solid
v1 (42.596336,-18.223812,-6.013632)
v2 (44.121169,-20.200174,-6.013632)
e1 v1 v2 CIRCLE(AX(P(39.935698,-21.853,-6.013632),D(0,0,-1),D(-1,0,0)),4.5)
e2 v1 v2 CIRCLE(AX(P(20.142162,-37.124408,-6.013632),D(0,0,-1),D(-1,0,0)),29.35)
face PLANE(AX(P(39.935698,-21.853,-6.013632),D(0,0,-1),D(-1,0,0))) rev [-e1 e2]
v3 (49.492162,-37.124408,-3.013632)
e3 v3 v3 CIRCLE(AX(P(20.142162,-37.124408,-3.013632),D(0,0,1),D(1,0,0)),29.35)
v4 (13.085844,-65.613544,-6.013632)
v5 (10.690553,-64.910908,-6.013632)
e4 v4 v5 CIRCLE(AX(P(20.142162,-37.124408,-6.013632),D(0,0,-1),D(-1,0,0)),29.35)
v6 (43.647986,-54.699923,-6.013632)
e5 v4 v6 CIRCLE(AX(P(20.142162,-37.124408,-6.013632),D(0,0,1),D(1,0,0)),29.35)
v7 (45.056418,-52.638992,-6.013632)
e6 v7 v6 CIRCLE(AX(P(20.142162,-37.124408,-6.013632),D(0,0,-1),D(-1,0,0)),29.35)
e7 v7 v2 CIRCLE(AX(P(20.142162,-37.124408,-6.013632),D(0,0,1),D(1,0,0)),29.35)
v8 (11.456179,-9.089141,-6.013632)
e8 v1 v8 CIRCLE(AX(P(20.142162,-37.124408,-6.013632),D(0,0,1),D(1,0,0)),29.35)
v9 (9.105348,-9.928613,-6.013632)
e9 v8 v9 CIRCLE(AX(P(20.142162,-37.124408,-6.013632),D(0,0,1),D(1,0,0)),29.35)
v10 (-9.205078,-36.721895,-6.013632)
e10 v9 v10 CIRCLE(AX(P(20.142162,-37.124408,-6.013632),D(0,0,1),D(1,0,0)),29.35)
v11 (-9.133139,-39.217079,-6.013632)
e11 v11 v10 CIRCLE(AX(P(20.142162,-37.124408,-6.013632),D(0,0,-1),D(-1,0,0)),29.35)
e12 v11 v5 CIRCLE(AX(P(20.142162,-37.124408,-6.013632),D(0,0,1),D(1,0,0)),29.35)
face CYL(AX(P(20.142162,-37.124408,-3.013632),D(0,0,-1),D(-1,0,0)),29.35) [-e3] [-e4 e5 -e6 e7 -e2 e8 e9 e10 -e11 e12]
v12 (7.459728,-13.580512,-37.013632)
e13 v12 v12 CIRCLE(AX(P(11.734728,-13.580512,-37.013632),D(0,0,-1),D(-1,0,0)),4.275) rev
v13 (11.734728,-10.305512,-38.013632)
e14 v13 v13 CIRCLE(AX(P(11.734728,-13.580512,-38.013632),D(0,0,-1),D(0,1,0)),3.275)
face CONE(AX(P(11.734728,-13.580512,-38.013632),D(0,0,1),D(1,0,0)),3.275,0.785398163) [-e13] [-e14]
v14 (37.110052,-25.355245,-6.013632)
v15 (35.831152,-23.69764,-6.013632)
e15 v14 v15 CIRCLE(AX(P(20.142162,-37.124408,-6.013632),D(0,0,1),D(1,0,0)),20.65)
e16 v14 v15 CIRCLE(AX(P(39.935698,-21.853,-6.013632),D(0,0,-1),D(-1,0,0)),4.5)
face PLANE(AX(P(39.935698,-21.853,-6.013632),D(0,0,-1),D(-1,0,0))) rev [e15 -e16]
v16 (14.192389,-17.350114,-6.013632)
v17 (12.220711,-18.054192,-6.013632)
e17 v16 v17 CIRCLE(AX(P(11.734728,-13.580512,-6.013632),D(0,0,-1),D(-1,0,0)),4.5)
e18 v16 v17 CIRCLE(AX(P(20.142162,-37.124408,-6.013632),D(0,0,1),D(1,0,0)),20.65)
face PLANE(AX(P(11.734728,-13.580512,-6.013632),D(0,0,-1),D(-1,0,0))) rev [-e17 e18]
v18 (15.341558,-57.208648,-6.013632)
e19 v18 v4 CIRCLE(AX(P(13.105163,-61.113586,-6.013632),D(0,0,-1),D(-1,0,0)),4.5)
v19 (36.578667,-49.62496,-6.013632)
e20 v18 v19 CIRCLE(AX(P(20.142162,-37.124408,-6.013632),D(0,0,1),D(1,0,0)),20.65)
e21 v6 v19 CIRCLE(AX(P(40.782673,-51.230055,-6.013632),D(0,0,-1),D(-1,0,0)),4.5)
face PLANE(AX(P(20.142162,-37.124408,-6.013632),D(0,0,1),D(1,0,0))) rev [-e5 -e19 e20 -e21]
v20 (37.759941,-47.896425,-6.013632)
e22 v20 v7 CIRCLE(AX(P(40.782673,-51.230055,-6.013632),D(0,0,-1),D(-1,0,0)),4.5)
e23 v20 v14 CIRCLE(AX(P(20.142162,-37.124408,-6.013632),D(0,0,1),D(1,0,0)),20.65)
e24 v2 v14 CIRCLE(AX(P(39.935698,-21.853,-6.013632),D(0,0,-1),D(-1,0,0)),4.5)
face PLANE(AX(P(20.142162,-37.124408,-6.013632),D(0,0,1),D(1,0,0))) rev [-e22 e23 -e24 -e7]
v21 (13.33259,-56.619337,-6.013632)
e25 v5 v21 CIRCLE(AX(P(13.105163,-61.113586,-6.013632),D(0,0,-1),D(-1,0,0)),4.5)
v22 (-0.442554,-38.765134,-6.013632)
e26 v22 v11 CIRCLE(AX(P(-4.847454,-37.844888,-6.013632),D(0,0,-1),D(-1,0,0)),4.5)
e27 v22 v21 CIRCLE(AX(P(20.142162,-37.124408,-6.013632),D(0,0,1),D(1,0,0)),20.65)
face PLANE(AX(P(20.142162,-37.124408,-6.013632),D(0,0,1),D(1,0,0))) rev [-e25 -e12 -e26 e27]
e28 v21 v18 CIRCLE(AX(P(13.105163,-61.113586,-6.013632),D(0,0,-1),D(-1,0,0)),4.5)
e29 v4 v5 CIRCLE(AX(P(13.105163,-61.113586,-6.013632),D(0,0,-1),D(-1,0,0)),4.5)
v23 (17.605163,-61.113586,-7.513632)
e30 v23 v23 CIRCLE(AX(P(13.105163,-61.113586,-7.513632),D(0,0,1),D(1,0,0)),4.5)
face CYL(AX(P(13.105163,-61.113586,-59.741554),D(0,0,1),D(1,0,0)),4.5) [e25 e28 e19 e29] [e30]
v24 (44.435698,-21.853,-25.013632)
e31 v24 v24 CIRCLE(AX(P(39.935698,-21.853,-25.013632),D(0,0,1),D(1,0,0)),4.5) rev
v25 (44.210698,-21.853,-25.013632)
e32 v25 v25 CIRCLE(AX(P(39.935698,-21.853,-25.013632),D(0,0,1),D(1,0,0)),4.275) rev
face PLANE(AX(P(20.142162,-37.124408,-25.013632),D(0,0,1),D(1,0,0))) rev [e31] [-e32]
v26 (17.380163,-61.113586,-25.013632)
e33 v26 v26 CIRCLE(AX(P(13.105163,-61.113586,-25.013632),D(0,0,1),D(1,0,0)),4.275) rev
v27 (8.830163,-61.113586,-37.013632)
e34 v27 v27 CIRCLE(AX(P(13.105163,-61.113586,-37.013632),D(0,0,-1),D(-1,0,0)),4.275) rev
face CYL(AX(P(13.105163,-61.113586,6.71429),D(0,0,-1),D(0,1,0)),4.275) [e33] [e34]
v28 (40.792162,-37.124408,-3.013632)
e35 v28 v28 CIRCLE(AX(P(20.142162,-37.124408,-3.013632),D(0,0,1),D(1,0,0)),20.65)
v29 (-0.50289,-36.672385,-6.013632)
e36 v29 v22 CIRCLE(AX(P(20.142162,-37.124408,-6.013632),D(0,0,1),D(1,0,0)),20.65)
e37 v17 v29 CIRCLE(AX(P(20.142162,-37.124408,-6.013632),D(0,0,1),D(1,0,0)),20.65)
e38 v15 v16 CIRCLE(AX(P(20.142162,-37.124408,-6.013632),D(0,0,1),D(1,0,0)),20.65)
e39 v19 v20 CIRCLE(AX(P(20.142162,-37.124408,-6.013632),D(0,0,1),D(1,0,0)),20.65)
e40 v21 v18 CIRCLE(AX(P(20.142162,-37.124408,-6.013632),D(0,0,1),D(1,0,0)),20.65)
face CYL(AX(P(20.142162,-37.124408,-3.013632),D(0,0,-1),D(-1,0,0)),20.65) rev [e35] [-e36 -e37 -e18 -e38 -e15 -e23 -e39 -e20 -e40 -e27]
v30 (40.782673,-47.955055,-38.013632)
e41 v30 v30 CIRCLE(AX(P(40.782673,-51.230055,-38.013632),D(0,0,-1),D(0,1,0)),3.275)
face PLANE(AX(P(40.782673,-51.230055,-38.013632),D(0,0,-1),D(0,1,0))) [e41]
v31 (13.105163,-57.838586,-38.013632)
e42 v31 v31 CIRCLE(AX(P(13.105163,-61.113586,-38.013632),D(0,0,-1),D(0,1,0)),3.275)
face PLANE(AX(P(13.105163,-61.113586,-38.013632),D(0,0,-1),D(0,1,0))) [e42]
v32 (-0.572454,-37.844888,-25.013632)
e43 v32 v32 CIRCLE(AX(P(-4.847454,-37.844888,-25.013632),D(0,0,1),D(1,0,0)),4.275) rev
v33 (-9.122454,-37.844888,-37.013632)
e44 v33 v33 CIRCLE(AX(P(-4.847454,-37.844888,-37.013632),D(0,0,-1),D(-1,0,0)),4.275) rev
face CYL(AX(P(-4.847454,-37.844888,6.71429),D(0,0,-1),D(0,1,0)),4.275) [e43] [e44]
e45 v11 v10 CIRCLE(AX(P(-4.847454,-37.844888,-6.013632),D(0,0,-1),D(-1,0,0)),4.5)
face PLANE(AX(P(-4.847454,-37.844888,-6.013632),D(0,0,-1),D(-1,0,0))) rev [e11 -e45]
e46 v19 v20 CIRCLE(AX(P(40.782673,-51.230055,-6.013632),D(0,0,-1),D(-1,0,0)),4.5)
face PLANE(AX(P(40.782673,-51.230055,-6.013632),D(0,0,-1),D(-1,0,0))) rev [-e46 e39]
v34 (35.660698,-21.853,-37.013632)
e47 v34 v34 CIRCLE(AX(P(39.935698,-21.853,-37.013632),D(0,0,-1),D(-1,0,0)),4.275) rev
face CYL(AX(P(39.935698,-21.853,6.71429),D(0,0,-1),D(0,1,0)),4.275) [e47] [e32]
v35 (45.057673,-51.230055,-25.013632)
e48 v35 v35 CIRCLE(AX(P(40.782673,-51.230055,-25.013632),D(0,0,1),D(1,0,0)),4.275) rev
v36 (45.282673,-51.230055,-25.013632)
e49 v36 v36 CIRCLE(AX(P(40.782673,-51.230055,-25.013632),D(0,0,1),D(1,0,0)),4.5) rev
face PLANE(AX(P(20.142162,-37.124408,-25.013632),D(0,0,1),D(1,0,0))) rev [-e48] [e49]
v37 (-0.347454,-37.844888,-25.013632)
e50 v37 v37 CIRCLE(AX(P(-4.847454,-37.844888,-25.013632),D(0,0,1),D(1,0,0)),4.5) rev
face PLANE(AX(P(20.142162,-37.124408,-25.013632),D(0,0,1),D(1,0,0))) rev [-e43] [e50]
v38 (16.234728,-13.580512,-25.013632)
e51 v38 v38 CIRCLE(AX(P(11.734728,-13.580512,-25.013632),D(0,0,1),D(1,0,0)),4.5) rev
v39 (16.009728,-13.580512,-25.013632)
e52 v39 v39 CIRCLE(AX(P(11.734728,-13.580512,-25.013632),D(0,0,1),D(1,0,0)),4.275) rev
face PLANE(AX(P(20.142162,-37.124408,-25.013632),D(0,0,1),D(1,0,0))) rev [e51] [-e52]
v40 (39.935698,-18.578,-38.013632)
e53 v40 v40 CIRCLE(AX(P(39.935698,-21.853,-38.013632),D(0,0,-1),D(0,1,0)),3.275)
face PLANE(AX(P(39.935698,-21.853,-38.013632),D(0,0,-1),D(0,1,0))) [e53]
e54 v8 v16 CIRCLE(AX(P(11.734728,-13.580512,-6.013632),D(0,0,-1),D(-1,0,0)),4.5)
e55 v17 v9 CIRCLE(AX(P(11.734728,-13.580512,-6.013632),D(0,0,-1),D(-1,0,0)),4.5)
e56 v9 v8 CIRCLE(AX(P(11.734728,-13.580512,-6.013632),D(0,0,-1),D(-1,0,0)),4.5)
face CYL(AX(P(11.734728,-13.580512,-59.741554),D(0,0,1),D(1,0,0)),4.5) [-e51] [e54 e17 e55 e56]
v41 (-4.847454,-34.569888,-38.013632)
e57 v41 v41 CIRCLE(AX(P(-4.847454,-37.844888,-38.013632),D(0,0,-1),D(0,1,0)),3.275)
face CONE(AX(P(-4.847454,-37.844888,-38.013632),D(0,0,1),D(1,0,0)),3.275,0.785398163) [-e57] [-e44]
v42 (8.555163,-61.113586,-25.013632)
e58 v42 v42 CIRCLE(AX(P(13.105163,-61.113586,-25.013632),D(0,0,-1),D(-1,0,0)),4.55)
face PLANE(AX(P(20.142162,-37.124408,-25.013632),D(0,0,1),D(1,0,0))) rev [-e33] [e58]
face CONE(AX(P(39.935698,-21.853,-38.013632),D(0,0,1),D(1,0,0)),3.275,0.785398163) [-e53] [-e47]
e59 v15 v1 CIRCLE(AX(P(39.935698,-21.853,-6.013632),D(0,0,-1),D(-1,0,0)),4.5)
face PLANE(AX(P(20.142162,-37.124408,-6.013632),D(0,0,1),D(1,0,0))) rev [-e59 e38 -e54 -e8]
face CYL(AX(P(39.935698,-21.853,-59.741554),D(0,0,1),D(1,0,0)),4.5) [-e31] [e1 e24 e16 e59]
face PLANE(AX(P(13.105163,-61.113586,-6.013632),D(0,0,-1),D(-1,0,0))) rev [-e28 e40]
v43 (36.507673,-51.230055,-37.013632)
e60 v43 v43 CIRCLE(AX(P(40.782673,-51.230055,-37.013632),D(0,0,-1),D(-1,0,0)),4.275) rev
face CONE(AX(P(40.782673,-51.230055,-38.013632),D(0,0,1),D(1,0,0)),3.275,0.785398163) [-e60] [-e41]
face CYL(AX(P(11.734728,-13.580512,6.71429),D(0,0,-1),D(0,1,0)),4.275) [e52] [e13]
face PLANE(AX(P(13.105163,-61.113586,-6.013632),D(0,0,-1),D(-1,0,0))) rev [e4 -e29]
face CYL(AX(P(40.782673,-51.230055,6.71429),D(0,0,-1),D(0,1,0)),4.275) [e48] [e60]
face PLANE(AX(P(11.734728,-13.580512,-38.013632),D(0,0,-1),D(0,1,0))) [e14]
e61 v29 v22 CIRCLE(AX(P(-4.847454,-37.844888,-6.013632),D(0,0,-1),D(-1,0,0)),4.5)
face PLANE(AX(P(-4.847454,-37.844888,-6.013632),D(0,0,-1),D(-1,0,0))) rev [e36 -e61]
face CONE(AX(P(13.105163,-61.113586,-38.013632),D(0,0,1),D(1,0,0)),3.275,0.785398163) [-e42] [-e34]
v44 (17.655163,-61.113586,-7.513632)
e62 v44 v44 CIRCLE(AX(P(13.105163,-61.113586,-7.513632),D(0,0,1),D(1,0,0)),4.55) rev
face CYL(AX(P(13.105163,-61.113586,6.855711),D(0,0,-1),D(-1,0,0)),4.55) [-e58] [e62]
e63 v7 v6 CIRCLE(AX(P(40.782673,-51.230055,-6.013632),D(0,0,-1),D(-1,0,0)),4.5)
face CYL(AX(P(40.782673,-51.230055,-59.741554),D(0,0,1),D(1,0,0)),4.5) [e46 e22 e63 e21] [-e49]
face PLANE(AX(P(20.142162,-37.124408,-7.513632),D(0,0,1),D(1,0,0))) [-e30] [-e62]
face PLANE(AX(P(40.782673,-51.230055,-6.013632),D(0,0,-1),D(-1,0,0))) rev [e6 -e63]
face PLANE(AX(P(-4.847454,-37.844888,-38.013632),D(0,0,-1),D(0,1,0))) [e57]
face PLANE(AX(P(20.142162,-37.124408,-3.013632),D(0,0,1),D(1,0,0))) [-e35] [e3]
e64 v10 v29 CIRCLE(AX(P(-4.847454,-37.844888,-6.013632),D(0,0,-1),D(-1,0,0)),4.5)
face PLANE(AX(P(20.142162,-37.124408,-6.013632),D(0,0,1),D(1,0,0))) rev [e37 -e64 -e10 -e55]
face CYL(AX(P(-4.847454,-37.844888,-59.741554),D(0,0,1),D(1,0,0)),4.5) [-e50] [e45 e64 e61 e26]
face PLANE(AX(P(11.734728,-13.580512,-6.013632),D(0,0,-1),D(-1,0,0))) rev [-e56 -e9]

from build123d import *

# Parameters (mm, degrees)
SKETCH2_R             = 4.5
BOSS_EXTRUDE1_DEPTH   = 30
BOSS_EXTRUDE1_2_DEPTH = 30
BOSS_EXTRUDE1_3_DEPTH = 30
BOSS_EXTRUDE1_4_DEPTH = 30
BOSS_EXTRUDE1_5_DEPTH = 30
SKETCH3_R             = 29.35
SKETCH3_R_2           = 20.65
BOSS_EXTRUDE2_DEPTH   = 3
SKETCH4_R             = 4.5
BOSS_EXTRUDE3_DEPTH   = 2
SKETCH5_R             = 4.5
SKETCH5_R_2           = 4.275
CUT_EXTRUDE1_DEPTH    = 13
CHAMFER1_SIZE         = 1
SKETCH6_R             = 4.55
BOSS_EXTRUDE4_DEPTH   = 17.5


with BuildPart() as part:
    # Sketch2 → Boss-Extrude1 (new body)
    with BuildSketch(Plane(origin=(0, 0, -6.013631981), x_dir=(-1, 0, 0), z_dir=(0, 0, -1))):
        with Locations((-11.73472812, -13.580511576)):
            Circle(SKETCH2_R)
    extrude(amount=BOSS_EXTRUDE1_DEPTH)



with BuildPart() as body_2:
    # Sketch2 → Boss-Extrude1 2 (new body)
    with BuildSketch(Plane(origin=(0, 0, -6.013631981), x_dir=(-1, 0, 0), z_dir=(0, 0, -1))):
        with Locations((4.847454424, -37.844888326)):
            Circle(SKETCH2_R)
    extrude(amount=BOSS_EXTRUDE1_2_DEPTH)


with BuildPart() as body_3:
    # Sketch2 → Boss-Extrude1 3 (new body)
    with BuildSketch(Plane(origin=(0, 0, -6.013631981), x_dir=(-1, 0, 0), z_dir=(0, 0, -1))):
        with Locations((-13.105162988, -61.113585864)):
            Circle(SKETCH2_R)
    extrude(amount=BOSS_EXTRUDE1_3_DEPTH)


with BuildPart() as body_4:
    # Sketch2 → Boss-Extrude1 4 (new body)
    with BuildSketch(Plane(origin=(0, 0, -6.013631981), x_dir=(-1, 0, 0), z_dir=(0, 0, -1))):
        with Locations((-40.78267328, -51.230055065)):
            Circle(SKETCH2_R)
    extrude(amount=BOSS_EXTRUDE1_4_DEPTH)


with BuildPart() as body_5:
    # Sketch2 → Boss-Extrude1 5 (new body)
    with BuildSketch(Plane(origin=(0, 0, -6.013631981), x_dir=(-1, 0, 0), z_dir=(0, 0, -1))):
        with Locations((-39.935697953, -21.852999565)):
            Circle(SKETCH2_R)
    extrude(amount=BOSS_EXTRUDE1_5_DEPTH)


with BuildPart() as part_1:
    add(part.part)

    add(body_2.part)  # Boss-Extrude2 merges body 2

    add(body_3.part)  # Boss-Extrude2 merges body 3

    add(body_4.part)  # Boss-Extrude2 merges body 4

    add(body_5.part)  # Boss-Extrude2 merges body 5
    # Sketch3 → Boss-Extrude2 (add)
    with BuildSketch(Plane.XY.offset(-6.013631981)):
        with Locations((20.142161583, -37.124408079)):
            Circle(SKETCH3_R)
        with Locations((20.142161583, -37.124408079)):
            Circle(SKETCH3_R_2, mode=Mode.SUBTRACT)
    extrude(amount=BOSS_EXTRUDE2_DEPTH)

    # Sketch4 → Boss-Extrude3 (add)
    with BuildSketch(Plane(origin=(0, 0, -36.013631981), x_dir=(-1, 0, 0), z_dir=(0, 0, -1))):
        with Locations((4.847454424, -37.844888326)):
            Circle(SKETCH4_R)
        with Locations((-11.73472812, -13.580511576)):
            Circle(SKETCH4_R)
        with Locations((-39.935697953, -21.852999565)):
            Circle(SKETCH4_R)
        with Locations((-40.78267328, -51.230055065)):
            Circle(SKETCH4_R)
        with Locations((-13.105162988, -61.113585864)):
            Circle(SKETCH4_R)
    extrude(amount=BOSS_EXTRUDE3_DEPTH)

    # Sketch5 → Cut-Extrude1 (cut)
    with BuildSketch(Plane(origin=(0, 0, -38.013631981), x_dir=(-1, 0, 0), z_dir=(0, 0, -1))):
        with Locations((-13.105162988, -61.113585864)):
            Circle(SKETCH5_R)
        with Locations((-13.105162988, -61.113585864)):
            Circle(SKETCH5_R_2, mode=Mode.SUBTRACT)
        with Locations((-40.78267328, -51.230055065)):
            Circle(SKETCH5_R)
        with Locations((-40.78267328, -51.230055065)):
            Circle(SKETCH5_R_2, mode=Mode.SUBTRACT)
        with Locations((-39.935697953, -21.852999565)):
            Circle(SKETCH5_R)
        with Locations((-39.935697953, -21.852999565)):
            Circle(SKETCH5_R_2, mode=Mode.SUBTRACT)
        with Locations((-11.73472812, -13.580511576)):
            Circle(SKETCH5_R)
        with Locations((-11.73472812, -13.580511576)):
            Circle(SKETCH5_R_2, mode=Mode.SUBTRACT)
        with Locations((4.847454424, -37.844888326)):
            Circle(SKETCH5_R)
        with Locations((4.847454424, -37.844888326)):
            Circle(SKETCH5_R_2, mode=Mode.SUBTRACT)
    extrude(amount=-CUT_EXTRUDE1_DEPTH, mode=Mode.SUBTRACT)

    # Chamfer1
    chamfer1_edges = [part_1.edges().sort_by_distance(p)[0] for p in [
        (17.380162988, -61.113585864, -38.013631981),
        (45.05767328, -51.230055065, -38.013631981),
        (44.210697953, -21.852999565, -38.013631981),
        (16.00972812, -13.580511576, -38.013631981),
        (-0.572454424, -37.844888326, -38.013631981),
    ]]
    chamfer(chamfer1_edges, length=CHAMFER1_SIZE)

    # Sketch6 → Boss-Extrude4 (add)
    with BuildSketch(Plane(origin=(0, 0, -25.013631981), x_dir=(-1, 0, 0), z_dir=(0, 0, -1))):
        with Locations((-13.105162988, -61.113585864)):
            Circle(SKETCH6_R)
    extrude(amount=-BOSS_EXTRUDE4_DEPTH)


solid = part_1.part
